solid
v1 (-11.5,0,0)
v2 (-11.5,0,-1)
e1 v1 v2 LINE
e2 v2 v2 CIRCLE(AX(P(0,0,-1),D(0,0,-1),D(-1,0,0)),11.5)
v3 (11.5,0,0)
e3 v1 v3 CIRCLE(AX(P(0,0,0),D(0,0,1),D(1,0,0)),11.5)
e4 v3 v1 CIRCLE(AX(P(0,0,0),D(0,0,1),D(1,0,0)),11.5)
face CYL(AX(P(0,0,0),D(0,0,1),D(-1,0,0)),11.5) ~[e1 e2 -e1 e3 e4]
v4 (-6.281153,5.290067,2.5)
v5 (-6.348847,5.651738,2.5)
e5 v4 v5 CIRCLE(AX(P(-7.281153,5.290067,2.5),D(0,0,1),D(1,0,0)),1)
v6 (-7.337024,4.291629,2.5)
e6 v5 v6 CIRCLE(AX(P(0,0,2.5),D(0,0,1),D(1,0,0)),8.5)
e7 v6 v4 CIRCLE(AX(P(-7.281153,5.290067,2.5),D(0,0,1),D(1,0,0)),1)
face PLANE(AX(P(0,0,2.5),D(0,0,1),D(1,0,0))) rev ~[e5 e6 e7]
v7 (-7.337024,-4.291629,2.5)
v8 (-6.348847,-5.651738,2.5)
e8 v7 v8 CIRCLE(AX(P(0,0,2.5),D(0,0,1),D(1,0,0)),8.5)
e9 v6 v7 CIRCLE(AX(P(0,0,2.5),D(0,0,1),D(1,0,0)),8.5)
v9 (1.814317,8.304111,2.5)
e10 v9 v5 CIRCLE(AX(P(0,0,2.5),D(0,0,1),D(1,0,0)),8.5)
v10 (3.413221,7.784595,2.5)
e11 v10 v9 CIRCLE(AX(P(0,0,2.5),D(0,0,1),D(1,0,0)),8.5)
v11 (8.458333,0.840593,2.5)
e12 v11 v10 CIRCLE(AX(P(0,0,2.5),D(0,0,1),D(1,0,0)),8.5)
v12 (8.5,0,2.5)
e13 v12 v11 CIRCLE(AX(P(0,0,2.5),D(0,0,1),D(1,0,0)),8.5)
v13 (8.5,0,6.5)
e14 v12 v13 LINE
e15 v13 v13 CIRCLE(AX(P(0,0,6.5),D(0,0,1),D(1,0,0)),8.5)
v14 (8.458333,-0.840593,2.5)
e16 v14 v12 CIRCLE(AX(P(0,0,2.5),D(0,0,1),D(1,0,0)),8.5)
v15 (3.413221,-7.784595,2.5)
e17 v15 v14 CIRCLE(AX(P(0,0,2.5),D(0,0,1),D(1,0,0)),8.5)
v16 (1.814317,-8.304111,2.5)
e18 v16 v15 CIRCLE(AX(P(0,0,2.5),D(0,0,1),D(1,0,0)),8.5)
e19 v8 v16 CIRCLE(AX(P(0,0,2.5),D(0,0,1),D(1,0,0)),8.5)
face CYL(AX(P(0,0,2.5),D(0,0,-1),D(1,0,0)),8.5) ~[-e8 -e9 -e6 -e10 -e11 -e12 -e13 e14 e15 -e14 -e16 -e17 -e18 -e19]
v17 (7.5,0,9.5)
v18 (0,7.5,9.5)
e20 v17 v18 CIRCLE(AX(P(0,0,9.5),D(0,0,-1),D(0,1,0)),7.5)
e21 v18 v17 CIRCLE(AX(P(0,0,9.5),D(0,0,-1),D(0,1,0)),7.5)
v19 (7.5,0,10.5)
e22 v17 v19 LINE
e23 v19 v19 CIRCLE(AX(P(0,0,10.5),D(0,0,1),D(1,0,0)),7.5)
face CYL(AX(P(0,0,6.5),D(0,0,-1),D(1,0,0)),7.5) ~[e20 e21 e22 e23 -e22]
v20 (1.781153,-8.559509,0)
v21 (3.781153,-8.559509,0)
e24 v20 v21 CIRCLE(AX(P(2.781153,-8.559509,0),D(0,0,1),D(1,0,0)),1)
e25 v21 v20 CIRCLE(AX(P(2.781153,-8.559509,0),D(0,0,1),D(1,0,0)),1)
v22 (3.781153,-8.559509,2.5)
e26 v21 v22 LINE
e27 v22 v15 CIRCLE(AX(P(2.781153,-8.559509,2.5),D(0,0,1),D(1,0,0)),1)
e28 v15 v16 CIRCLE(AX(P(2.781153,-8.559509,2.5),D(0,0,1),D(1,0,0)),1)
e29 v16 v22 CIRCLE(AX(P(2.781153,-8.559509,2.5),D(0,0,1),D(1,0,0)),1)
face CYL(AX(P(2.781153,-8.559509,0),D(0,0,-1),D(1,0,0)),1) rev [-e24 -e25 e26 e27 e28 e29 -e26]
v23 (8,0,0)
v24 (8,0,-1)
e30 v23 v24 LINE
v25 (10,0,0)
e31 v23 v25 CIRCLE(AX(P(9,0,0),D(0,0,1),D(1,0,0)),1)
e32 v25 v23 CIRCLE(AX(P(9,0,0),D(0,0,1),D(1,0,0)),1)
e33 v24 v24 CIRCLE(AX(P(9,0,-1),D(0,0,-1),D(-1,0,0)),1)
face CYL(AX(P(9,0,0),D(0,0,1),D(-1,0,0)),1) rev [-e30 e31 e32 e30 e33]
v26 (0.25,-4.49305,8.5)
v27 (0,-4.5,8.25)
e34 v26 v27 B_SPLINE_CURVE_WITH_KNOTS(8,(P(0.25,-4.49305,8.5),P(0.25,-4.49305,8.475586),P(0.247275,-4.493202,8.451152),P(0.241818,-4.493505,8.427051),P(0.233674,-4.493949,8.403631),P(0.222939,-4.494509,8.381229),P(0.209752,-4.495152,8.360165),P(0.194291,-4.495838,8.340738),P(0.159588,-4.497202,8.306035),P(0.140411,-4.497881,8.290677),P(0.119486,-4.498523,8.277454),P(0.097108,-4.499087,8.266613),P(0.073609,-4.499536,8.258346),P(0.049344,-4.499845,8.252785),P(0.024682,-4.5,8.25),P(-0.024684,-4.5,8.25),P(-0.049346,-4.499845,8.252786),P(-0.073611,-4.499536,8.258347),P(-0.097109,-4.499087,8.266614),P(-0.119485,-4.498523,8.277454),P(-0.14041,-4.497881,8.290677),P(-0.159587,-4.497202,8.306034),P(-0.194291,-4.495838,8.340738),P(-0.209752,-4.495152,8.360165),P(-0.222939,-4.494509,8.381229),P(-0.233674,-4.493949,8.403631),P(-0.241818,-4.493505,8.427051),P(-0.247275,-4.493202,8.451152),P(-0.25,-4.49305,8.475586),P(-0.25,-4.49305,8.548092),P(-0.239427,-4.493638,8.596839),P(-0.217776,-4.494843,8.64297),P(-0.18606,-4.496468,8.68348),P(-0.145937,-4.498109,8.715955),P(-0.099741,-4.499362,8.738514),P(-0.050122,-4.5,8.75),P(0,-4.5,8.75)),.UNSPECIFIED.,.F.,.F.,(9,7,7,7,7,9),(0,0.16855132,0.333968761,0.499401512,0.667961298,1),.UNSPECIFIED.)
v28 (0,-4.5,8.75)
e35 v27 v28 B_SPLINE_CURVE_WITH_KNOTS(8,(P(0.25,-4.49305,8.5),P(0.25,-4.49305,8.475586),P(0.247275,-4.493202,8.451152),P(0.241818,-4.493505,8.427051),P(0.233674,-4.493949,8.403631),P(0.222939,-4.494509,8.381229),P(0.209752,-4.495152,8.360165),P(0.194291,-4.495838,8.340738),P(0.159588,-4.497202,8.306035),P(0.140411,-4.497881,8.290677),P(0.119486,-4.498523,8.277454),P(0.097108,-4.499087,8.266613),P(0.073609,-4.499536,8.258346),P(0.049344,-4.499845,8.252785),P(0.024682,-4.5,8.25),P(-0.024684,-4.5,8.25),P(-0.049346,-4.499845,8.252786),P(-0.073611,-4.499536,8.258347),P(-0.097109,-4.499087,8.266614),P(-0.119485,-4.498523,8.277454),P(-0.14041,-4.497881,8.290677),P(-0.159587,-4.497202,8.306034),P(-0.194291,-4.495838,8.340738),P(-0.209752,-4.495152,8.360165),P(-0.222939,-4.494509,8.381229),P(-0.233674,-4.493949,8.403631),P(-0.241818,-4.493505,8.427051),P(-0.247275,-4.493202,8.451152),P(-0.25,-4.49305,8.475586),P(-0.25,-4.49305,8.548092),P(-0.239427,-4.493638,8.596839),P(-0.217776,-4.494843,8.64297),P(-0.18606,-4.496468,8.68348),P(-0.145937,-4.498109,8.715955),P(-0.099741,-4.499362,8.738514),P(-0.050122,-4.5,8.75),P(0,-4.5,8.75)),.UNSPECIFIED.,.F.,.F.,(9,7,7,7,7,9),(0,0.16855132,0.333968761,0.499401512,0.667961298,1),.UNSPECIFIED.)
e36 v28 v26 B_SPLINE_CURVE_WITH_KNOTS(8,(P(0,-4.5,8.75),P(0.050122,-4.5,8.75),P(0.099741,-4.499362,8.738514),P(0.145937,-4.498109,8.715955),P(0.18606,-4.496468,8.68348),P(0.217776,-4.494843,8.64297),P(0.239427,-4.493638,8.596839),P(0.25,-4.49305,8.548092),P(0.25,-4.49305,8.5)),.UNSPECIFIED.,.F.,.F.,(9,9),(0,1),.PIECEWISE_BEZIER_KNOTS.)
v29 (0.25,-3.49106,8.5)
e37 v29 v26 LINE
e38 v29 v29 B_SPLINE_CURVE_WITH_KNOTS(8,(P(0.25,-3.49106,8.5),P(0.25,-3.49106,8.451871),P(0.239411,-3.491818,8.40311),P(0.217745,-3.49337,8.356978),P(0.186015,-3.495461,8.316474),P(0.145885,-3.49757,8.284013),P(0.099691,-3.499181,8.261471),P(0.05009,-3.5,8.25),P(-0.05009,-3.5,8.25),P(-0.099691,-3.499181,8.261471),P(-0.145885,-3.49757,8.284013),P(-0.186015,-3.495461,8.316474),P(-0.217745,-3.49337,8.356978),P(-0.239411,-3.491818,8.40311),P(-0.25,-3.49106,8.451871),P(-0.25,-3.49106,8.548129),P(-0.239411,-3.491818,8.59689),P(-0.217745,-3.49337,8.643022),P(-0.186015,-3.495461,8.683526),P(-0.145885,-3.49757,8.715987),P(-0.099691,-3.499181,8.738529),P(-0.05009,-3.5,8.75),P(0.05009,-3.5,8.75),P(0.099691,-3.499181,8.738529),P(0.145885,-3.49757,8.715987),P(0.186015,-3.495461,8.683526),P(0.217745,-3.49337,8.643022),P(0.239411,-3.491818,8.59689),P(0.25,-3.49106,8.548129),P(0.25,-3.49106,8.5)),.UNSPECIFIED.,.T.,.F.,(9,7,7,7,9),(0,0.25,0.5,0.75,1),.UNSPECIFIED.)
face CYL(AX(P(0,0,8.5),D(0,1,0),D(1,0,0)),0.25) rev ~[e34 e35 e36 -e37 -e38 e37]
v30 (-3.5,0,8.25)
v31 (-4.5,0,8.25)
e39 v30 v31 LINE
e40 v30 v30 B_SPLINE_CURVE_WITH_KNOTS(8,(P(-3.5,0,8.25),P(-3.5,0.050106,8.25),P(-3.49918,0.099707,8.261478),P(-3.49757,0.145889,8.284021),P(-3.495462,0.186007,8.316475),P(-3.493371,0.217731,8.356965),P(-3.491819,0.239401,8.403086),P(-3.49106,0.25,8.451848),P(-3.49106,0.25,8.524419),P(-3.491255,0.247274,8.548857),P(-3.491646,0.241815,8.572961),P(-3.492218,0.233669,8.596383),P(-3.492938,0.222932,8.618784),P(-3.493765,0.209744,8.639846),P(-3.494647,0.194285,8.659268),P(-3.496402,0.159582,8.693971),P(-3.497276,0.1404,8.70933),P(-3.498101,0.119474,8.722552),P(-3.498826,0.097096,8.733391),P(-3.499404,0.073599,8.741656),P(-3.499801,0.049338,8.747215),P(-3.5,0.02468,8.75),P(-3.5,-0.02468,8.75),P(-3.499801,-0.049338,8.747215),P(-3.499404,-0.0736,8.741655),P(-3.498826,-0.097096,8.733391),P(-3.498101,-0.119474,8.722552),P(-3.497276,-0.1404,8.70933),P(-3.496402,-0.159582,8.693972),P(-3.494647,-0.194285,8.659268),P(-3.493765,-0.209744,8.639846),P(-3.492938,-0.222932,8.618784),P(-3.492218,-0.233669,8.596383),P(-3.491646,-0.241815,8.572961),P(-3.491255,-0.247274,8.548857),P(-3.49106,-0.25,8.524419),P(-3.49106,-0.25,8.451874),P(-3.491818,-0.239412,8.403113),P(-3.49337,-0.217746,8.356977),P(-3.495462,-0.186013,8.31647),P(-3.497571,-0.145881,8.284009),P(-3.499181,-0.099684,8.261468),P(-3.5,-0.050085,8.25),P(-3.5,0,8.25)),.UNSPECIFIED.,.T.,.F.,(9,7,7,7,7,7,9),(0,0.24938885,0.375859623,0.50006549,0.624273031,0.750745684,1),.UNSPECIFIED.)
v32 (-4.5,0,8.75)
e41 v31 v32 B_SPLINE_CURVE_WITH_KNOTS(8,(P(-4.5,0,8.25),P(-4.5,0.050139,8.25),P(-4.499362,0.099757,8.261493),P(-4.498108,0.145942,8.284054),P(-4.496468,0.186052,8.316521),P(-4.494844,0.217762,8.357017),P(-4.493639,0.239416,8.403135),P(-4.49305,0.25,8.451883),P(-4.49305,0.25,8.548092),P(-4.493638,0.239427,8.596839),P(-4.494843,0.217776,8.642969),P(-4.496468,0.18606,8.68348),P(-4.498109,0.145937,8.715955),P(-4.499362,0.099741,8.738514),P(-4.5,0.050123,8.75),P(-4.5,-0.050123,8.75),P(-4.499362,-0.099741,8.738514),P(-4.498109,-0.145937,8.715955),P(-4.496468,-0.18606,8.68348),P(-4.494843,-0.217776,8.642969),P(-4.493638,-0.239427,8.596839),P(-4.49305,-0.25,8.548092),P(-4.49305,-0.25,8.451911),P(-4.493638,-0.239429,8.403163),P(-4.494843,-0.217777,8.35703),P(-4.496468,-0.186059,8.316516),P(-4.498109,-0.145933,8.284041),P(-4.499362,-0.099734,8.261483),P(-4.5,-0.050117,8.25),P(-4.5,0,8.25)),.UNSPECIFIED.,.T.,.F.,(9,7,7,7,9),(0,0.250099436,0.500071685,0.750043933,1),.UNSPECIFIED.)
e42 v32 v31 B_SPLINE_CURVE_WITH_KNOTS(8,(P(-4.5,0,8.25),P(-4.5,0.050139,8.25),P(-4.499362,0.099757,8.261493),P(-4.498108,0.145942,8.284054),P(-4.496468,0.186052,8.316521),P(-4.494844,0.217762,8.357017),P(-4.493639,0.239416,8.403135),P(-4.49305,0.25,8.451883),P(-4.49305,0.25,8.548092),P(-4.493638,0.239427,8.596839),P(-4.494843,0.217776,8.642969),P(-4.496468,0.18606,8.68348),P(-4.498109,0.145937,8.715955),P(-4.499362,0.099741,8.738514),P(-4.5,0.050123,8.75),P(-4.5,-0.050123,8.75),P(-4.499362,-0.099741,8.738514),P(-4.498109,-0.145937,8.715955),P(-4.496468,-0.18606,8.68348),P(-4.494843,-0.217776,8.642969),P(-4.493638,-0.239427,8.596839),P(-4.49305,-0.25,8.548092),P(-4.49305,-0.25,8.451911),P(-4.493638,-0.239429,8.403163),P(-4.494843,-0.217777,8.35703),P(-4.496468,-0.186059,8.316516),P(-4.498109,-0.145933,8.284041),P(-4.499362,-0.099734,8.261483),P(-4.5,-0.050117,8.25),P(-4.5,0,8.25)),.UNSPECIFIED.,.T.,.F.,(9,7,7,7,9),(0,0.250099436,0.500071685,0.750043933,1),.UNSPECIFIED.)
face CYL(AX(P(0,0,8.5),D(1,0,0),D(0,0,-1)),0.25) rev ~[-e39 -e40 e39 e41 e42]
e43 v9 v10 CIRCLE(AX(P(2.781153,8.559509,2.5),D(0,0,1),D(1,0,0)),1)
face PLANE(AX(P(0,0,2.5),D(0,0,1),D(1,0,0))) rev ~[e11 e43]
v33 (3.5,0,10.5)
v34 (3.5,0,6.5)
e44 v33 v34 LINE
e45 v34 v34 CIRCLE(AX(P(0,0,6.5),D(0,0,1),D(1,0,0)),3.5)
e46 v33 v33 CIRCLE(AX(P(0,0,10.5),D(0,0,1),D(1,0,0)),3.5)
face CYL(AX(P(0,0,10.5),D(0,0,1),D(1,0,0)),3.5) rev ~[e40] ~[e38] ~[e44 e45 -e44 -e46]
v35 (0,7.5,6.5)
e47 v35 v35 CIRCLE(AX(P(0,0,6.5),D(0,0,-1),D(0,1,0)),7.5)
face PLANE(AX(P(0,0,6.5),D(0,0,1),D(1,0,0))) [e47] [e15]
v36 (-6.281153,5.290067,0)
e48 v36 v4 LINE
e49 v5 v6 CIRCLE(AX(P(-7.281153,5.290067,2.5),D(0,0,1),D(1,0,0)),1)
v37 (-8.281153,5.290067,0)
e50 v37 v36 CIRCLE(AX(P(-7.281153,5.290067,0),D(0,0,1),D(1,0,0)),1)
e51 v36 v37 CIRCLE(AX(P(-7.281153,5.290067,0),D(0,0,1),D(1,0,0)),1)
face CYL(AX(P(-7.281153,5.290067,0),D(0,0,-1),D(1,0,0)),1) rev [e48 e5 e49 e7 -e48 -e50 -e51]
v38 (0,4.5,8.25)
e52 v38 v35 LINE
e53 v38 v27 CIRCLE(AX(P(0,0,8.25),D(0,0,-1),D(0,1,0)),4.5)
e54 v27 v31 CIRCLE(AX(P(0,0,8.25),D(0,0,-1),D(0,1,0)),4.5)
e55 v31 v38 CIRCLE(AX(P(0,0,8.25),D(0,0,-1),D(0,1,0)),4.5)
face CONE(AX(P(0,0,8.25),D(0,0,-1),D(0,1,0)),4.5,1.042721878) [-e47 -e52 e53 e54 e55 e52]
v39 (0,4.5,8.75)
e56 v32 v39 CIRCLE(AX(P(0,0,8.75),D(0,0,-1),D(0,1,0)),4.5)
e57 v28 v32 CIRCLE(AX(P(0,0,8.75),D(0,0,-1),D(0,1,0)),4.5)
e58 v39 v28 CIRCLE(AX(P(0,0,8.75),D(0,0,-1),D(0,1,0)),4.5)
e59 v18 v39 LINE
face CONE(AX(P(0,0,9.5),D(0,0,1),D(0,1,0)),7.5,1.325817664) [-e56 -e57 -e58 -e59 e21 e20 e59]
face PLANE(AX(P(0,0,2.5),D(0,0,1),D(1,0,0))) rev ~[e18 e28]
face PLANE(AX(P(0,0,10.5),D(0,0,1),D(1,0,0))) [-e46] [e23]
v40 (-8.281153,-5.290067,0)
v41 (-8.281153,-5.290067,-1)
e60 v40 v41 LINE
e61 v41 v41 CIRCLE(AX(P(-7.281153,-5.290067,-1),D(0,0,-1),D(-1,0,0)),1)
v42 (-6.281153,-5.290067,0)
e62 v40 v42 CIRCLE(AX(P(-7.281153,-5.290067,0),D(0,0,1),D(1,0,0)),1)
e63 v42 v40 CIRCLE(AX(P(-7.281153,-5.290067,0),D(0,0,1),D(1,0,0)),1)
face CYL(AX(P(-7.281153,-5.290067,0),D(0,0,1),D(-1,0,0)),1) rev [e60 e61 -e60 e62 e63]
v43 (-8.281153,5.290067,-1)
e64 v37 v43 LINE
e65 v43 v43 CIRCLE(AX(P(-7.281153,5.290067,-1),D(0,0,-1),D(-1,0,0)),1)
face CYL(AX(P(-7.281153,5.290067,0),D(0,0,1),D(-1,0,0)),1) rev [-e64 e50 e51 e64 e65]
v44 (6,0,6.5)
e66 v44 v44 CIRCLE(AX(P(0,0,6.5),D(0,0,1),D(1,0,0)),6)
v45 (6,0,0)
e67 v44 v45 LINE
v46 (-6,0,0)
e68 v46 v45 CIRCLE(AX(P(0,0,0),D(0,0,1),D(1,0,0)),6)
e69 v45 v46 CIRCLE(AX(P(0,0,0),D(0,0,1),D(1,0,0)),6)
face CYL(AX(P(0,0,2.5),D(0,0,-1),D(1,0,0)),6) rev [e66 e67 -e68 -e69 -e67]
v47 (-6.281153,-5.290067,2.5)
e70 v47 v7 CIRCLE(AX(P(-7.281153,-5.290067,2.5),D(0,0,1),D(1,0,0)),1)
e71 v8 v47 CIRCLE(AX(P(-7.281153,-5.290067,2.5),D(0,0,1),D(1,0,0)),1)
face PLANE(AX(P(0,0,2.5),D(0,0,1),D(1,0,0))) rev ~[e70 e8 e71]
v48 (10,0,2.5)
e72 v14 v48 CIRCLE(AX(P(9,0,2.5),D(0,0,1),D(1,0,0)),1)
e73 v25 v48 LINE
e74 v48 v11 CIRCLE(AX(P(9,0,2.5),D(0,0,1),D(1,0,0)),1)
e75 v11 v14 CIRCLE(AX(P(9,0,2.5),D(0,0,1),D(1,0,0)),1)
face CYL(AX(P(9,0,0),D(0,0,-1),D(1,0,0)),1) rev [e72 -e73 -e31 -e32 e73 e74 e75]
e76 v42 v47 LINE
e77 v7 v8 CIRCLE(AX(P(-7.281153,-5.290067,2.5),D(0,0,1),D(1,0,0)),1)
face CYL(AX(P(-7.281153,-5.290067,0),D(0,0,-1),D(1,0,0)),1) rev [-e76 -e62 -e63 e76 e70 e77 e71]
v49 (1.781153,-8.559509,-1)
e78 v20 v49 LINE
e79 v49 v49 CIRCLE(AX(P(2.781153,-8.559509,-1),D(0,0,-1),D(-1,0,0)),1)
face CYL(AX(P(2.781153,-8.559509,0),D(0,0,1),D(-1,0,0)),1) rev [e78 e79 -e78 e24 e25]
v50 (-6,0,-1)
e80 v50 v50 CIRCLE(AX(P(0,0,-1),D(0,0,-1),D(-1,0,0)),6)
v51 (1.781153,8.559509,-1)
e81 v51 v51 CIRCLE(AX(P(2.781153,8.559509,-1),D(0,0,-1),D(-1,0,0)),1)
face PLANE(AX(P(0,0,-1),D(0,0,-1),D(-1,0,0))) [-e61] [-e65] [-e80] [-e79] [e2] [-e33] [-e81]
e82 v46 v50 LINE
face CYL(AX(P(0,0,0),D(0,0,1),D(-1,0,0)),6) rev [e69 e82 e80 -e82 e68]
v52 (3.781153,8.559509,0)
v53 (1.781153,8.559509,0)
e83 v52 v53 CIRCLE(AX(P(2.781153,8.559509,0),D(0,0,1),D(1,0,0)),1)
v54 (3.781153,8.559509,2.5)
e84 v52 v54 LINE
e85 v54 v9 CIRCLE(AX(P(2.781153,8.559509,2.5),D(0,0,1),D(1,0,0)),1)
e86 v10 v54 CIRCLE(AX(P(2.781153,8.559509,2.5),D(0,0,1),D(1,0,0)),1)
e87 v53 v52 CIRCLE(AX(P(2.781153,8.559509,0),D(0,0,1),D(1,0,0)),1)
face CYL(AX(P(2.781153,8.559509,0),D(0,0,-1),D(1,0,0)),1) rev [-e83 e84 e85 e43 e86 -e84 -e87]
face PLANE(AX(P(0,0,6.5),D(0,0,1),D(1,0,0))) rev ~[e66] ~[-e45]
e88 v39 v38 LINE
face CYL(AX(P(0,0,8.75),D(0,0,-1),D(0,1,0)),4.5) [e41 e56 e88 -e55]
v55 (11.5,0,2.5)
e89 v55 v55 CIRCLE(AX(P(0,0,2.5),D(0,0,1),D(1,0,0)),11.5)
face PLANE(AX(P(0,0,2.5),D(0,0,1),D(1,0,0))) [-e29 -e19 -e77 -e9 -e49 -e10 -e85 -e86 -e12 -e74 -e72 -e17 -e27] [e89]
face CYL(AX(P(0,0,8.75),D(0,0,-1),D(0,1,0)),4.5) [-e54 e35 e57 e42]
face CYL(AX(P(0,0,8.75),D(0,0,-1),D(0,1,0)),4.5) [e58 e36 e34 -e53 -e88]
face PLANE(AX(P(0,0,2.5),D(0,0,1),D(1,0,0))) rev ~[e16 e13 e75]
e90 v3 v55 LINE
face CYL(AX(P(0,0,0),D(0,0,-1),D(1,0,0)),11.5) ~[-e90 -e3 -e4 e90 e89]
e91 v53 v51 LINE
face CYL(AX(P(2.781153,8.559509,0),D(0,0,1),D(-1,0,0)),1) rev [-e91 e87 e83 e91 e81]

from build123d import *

# Parameters (mm, degrees)
SKETCH_1_R          = 11.5
SKETCH_1_R_2        = 1
SKETCH_1_R_3        = 6
EXTRUDE_1_DEPTH     = 2.5
SKETCH_2_R          = 8.5
SKETCH_2_R_2        = 6
EXTRUDE_2_DEPTH     = 4
SKETCH_3_R          = 7.5
EXTRUDE_3_DEPTH     = 4
SKETCH_4_R          = 3.5
CUT_EXTRUDE_1_DEPTH = 4
SKETCH_6_R          = 0.25
CUT_EXTRUDE_2_DEPTH = 14
SKETCH_7_R          = 11.5
SKETCH_7_R_2        = 1
SKETCH_7_R_3        = 6
EXTRUDE_4_DEPTH     = 1
SKETCH_9_R          = 0.25
CUT_EXTRUDE_8_DEPTH = 12.2


with BuildPart() as part:
    # 草图1 → 凸台-拉伸1 (new body)
    with BuildSketch(Plane.XY):
        Circle(SKETCH_1_R)
        with Locations((9, 0)):
            Circle(SKETCH_1_R_2, mode=Mode.SUBTRACT)
        with Locations((2.781152949, -8.559508647)):
            Circle(SKETCH_1_R_2, mode=Mode.SUBTRACT)
        with Locations((-7.281152949, -5.290067271)):
            Circle(SKETCH_1_R_2, mode=Mode.SUBTRACT)
        with Locations((-7.281152949, 5.290067271)):
            Circle(SKETCH_1_R_2, mode=Mode.SUBTRACT)
        with Locations((2.781152949, 8.559508647)):
            Circle(SKETCH_1_R_2, mode=Mode.SUBTRACT)
        Circle(SKETCH_1_R_3, mode=Mode.SUBTRACT)
    extrude(amount=EXTRUDE_1_DEPTH)

    # 草图2 → 凸台-拉伸2 (add)
    with BuildSketch(Plane.XY.offset(2.5)):
        Circle(SKETCH_2_R)
        Circle(SKETCH_2_R_2, mode=Mode.SUBTRACT)
    extrude(amount=EXTRUDE_2_DEPTH)

    # 草图3 → 凸台-拉伸3 (add)
    with BuildSketch(Plane.XY.offset(6.5)):
        Circle(SKETCH_3_R)
    extrude(amount=EXTRUDE_3_DEPTH)

    # 草图4 → 切除-拉伸1 (cut)
    with BuildSketch(Plane.XY.offset(10.5)):
        Circle(SKETCH_4_R)
    extrude(amount=-CUT_EXTRUDE_1_DEPTH, mode=Mode.SUBTRACT)

    # 草图5 → 切除-旋转2 (revolve, cut)
    with BuildSketch(Plane(origin=(0, 0, 0), x_dir=(0, 0, -1), z_dir=(1, 0, 0))):
        Polygon((-7.5, 7.5), (-9.5, 7.5), (-8.75, 4.5), (-8.25, 4.5), (-6.5, 7.5), align=None)
    revolve(axis=Axis((0, 0, 10.5), (0, 0, -1)), mode=Mode.SUBTRACT)

    # 草图6 → 切除-拉伸2 (cut)
    with BuildSketch(Plane(origin=(0, 0, 0), x_dir=(1, 0, 0), z_dir=(0, 1, 0))):
        with Locations((0, -8.5)):
            Circle(SKETCH_6_R)
    extrude(amount=-CUT_EXTRUDE_2_DEPTH, mode=Mode.SUBTRACT)

    # 草图7 → 凸台-拉伸4 (add)
    with BuildSketch(Plane(origin=(0, 0, 0), x_dir=(-1, 0, 0), z_dir=(0, 0, -1))):
        Circle(SKETCH_7_R)
        with Locations((-2.781152949, -8.559508647)):
            Circle(SKETCH_7_R_2, mode=Mode.SUBTRACT)
        with Locations((7.281152949, -5.290067271)):
            Circle(SKETCH_7_R_2, mode=Mode.SUBTRACT)
        with Locations((7.281152949, 5.290067271)):
            Circle(SKETCH_7_R_2, mode=Mode.SUBTRACT)
        with Locations((-2.781152949, 8.559508647)):
            Circle(SKETCH_7_R_2, mode=Mode.SUBTRACT)
        with Locations((-9, 0)):
            Circle(SKETCH_7_R_2, mode=Mode.SUBTRACT)
        Circle(SKETCH_7_R_3, mode=Mode.SUBTRACT)
    extrude(amount=EXTRUDE_4_DEPTH)

    # 草图9 → 切除-拉伸8 (cut)
    with BuildSketch(Plane(origin=(0, 0, 0), x_dir=(0, 0, -1), z_dir=(1, 0, 0))):
        with Locations((-8.5, 0)):
            Circle(SKETCH_9_R)
    extrude(amount=-CUT_EXTRUDE_8_DEPTH, mode=Mode.SUBTRACT)


solid = part.part
